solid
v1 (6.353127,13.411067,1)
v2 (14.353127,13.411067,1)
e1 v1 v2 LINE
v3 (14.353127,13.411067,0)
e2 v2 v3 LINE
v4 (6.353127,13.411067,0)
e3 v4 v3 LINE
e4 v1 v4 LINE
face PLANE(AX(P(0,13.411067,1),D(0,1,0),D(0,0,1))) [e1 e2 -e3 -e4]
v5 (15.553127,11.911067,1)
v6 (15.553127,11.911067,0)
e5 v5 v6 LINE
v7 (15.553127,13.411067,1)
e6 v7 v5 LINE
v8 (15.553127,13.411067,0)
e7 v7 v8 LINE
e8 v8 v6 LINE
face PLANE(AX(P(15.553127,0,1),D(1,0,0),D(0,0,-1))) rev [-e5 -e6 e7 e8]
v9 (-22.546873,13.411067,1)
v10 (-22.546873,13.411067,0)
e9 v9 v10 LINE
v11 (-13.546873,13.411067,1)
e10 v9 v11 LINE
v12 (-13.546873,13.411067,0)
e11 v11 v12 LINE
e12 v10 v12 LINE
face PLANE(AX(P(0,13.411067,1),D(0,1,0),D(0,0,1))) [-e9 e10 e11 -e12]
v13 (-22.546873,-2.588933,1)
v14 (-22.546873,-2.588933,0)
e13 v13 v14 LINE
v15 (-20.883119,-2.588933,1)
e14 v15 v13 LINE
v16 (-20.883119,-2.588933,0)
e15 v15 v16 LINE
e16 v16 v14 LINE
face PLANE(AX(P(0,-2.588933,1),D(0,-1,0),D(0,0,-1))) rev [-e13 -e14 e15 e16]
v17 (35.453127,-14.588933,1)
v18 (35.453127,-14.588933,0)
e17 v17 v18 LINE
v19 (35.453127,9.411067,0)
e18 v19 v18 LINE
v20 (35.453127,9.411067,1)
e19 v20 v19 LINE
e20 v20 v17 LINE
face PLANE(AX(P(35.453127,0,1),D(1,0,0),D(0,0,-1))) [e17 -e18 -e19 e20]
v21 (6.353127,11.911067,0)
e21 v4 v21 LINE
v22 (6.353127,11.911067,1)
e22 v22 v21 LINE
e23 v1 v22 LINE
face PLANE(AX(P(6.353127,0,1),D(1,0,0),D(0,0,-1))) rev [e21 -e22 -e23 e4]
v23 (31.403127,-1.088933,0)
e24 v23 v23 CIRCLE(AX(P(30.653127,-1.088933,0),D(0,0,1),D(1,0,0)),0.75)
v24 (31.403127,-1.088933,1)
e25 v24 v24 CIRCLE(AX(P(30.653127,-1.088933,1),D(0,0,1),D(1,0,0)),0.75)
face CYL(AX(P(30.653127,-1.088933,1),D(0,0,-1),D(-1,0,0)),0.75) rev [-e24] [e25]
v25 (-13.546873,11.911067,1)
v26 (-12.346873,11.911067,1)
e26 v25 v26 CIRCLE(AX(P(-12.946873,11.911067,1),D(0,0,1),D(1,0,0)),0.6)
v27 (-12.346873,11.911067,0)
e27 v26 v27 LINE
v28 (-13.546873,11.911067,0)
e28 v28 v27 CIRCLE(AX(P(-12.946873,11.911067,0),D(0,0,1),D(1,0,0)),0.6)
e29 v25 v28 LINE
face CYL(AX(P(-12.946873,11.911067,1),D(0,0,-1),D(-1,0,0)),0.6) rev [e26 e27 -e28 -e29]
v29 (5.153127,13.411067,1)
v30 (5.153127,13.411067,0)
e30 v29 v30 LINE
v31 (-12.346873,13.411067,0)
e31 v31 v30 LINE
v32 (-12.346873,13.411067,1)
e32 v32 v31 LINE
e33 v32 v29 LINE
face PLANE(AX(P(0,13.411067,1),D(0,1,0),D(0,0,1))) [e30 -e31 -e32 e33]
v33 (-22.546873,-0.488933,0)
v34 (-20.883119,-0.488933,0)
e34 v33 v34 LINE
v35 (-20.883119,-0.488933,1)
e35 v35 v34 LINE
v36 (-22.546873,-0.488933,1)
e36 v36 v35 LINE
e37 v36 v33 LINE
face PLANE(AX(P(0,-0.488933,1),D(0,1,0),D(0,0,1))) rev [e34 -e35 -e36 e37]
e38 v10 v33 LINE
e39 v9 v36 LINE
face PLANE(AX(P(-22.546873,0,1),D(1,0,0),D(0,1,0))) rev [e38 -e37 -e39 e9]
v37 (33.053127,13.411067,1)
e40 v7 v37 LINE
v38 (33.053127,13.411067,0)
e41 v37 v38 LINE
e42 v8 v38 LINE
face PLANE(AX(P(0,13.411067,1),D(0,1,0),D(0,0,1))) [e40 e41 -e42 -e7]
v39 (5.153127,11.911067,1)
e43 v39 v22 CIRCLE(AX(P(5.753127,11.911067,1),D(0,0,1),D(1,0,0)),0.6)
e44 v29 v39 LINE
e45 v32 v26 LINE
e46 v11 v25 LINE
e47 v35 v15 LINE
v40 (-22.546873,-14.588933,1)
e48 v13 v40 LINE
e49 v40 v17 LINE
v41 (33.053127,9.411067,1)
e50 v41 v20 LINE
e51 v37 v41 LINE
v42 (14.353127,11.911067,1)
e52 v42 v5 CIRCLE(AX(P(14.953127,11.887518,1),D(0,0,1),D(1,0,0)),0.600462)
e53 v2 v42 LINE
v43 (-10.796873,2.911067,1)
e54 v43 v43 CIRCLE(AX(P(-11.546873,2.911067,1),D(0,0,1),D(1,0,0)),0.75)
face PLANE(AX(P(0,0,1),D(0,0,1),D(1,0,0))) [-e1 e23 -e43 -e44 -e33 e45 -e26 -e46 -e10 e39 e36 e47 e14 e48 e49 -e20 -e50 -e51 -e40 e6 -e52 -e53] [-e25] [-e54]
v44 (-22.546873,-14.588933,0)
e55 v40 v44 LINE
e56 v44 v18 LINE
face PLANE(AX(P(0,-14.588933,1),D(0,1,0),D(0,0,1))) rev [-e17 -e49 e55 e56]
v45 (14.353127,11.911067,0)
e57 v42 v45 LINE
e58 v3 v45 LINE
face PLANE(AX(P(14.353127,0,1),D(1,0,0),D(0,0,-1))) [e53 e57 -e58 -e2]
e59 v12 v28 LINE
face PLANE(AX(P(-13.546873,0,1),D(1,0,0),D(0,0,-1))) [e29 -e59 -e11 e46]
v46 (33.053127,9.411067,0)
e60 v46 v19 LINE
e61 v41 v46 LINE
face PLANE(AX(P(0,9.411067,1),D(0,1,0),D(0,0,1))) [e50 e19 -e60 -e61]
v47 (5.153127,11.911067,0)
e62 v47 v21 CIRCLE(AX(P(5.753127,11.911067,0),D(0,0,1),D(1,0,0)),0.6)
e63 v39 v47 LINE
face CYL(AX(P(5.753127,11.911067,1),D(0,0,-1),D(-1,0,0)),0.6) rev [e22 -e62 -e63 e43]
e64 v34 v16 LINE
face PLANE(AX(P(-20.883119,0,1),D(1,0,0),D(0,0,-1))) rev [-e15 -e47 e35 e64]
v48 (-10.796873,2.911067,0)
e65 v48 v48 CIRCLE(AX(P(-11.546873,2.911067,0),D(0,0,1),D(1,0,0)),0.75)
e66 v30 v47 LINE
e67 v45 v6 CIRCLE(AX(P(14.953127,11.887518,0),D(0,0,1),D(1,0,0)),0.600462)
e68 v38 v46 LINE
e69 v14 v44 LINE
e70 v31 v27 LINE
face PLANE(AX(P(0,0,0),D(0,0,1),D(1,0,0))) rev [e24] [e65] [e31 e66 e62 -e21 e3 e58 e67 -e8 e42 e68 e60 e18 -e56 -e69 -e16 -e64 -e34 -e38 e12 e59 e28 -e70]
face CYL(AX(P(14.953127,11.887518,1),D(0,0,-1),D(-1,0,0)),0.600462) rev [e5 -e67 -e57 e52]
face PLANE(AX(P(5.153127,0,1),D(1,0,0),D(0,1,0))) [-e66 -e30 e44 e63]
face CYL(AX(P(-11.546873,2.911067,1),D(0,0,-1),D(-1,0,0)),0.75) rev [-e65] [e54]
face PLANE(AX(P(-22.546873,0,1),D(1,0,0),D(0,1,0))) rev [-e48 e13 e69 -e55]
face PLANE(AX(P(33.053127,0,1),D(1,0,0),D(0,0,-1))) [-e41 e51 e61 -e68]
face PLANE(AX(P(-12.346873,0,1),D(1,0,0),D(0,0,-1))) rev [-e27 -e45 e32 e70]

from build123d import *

# Parameters (mm, degrees)
SKETCH_1_R      = 0.75
EXTRUDE_1_DEPTH = 1


with BuildPart() as part:
    # Эскиз1 → Бобышка-Вытянуть1 (new body)
    with BuildSketch(Plane.XY):
        with BuildLine():
            Line((-13.546873489, 11.911067194), (-13.546873489, 13.411067194))
            Line((-13.546873489, 13.411067194), (-22.546873489, 13.411067194))
            Line((-22.546873489, 13.411067194), (-22.546873489, -0.488932806))
            Line((-22.546873489, -0.488932806), (-20.883119348, -0.488932806))
            Line((-20.883119348, -0.488932806), (-20.883119348, -2.588932806))
            Line((-20.883119348, -2.588932806), (-22.546873489, -2.588932806))
            Line((-22.546873489, -2.588932806), (-22.546873489, -14.588932806))
            Line((-22.546873489, -14.588932806), (35.453126511, -14.588932806))
            Line((35.453126511, -14.588932806), (35.453126511, 9.411067194))
            Line((35.453126511, 9.411067194), (33.053126511, 9.411067194))
            Line((33.053126511, 9.411067194), (33.053126511, 13.411067194))
            Line((33.053126511, 13.411067194), (15.553126511, 13.411067194))
            Line((15.553126511, 13.411067194), (15.553126511, 11.911067194))
            ThreePointArc((15.553126511, 11.911067194), (15.553472979, 11.899294703), (15.553588483, 11.887517681))
            ThreePointArc((15.553588483, 11.887517681), (14.94134949, 11.287171213), (14.353126511, 11.911067194))
            Line((14.353126511, 11.911067194), (14.353126511, 13.411067194))
            Line((14.353126511, 13.411067194), (6.353126511, 13.411067194))
            Line((6.353126511, 13.411067194), (6.353126511, 11.911067194))
            ThreePointArc((6.353126511, 11.911067194), (5.753126511, 11.311067194), (5.153126511, 11.911067194))
            Line((5.153126511, 11.911067194), (5.153126511, 13.411067194))
            Line((5.153126511, 13.411067194), (-12.346873489, 13.411067194))
            Line((-12.346873489, 13.411067194), (-12.346873489, 11.911067194))
            ThreePointArc((-12.346873489, 11.911067194), (-12.946873489, 11.311067194), (-13.546873489, 11.911067194))
        make_face()
        with Locations((30.653126511, -1.088932806)):
            Circle(SKETCH_1_R, mode=Mode.SUBTRACT)
        with Locations((-11.546873489, 2.911067194)):
            Circle(SKETCH_1_R, mode=Mode.SUBTRACT)
    extrude(amount=EXTRUDE_1_DEPTH)


solid = part.part
